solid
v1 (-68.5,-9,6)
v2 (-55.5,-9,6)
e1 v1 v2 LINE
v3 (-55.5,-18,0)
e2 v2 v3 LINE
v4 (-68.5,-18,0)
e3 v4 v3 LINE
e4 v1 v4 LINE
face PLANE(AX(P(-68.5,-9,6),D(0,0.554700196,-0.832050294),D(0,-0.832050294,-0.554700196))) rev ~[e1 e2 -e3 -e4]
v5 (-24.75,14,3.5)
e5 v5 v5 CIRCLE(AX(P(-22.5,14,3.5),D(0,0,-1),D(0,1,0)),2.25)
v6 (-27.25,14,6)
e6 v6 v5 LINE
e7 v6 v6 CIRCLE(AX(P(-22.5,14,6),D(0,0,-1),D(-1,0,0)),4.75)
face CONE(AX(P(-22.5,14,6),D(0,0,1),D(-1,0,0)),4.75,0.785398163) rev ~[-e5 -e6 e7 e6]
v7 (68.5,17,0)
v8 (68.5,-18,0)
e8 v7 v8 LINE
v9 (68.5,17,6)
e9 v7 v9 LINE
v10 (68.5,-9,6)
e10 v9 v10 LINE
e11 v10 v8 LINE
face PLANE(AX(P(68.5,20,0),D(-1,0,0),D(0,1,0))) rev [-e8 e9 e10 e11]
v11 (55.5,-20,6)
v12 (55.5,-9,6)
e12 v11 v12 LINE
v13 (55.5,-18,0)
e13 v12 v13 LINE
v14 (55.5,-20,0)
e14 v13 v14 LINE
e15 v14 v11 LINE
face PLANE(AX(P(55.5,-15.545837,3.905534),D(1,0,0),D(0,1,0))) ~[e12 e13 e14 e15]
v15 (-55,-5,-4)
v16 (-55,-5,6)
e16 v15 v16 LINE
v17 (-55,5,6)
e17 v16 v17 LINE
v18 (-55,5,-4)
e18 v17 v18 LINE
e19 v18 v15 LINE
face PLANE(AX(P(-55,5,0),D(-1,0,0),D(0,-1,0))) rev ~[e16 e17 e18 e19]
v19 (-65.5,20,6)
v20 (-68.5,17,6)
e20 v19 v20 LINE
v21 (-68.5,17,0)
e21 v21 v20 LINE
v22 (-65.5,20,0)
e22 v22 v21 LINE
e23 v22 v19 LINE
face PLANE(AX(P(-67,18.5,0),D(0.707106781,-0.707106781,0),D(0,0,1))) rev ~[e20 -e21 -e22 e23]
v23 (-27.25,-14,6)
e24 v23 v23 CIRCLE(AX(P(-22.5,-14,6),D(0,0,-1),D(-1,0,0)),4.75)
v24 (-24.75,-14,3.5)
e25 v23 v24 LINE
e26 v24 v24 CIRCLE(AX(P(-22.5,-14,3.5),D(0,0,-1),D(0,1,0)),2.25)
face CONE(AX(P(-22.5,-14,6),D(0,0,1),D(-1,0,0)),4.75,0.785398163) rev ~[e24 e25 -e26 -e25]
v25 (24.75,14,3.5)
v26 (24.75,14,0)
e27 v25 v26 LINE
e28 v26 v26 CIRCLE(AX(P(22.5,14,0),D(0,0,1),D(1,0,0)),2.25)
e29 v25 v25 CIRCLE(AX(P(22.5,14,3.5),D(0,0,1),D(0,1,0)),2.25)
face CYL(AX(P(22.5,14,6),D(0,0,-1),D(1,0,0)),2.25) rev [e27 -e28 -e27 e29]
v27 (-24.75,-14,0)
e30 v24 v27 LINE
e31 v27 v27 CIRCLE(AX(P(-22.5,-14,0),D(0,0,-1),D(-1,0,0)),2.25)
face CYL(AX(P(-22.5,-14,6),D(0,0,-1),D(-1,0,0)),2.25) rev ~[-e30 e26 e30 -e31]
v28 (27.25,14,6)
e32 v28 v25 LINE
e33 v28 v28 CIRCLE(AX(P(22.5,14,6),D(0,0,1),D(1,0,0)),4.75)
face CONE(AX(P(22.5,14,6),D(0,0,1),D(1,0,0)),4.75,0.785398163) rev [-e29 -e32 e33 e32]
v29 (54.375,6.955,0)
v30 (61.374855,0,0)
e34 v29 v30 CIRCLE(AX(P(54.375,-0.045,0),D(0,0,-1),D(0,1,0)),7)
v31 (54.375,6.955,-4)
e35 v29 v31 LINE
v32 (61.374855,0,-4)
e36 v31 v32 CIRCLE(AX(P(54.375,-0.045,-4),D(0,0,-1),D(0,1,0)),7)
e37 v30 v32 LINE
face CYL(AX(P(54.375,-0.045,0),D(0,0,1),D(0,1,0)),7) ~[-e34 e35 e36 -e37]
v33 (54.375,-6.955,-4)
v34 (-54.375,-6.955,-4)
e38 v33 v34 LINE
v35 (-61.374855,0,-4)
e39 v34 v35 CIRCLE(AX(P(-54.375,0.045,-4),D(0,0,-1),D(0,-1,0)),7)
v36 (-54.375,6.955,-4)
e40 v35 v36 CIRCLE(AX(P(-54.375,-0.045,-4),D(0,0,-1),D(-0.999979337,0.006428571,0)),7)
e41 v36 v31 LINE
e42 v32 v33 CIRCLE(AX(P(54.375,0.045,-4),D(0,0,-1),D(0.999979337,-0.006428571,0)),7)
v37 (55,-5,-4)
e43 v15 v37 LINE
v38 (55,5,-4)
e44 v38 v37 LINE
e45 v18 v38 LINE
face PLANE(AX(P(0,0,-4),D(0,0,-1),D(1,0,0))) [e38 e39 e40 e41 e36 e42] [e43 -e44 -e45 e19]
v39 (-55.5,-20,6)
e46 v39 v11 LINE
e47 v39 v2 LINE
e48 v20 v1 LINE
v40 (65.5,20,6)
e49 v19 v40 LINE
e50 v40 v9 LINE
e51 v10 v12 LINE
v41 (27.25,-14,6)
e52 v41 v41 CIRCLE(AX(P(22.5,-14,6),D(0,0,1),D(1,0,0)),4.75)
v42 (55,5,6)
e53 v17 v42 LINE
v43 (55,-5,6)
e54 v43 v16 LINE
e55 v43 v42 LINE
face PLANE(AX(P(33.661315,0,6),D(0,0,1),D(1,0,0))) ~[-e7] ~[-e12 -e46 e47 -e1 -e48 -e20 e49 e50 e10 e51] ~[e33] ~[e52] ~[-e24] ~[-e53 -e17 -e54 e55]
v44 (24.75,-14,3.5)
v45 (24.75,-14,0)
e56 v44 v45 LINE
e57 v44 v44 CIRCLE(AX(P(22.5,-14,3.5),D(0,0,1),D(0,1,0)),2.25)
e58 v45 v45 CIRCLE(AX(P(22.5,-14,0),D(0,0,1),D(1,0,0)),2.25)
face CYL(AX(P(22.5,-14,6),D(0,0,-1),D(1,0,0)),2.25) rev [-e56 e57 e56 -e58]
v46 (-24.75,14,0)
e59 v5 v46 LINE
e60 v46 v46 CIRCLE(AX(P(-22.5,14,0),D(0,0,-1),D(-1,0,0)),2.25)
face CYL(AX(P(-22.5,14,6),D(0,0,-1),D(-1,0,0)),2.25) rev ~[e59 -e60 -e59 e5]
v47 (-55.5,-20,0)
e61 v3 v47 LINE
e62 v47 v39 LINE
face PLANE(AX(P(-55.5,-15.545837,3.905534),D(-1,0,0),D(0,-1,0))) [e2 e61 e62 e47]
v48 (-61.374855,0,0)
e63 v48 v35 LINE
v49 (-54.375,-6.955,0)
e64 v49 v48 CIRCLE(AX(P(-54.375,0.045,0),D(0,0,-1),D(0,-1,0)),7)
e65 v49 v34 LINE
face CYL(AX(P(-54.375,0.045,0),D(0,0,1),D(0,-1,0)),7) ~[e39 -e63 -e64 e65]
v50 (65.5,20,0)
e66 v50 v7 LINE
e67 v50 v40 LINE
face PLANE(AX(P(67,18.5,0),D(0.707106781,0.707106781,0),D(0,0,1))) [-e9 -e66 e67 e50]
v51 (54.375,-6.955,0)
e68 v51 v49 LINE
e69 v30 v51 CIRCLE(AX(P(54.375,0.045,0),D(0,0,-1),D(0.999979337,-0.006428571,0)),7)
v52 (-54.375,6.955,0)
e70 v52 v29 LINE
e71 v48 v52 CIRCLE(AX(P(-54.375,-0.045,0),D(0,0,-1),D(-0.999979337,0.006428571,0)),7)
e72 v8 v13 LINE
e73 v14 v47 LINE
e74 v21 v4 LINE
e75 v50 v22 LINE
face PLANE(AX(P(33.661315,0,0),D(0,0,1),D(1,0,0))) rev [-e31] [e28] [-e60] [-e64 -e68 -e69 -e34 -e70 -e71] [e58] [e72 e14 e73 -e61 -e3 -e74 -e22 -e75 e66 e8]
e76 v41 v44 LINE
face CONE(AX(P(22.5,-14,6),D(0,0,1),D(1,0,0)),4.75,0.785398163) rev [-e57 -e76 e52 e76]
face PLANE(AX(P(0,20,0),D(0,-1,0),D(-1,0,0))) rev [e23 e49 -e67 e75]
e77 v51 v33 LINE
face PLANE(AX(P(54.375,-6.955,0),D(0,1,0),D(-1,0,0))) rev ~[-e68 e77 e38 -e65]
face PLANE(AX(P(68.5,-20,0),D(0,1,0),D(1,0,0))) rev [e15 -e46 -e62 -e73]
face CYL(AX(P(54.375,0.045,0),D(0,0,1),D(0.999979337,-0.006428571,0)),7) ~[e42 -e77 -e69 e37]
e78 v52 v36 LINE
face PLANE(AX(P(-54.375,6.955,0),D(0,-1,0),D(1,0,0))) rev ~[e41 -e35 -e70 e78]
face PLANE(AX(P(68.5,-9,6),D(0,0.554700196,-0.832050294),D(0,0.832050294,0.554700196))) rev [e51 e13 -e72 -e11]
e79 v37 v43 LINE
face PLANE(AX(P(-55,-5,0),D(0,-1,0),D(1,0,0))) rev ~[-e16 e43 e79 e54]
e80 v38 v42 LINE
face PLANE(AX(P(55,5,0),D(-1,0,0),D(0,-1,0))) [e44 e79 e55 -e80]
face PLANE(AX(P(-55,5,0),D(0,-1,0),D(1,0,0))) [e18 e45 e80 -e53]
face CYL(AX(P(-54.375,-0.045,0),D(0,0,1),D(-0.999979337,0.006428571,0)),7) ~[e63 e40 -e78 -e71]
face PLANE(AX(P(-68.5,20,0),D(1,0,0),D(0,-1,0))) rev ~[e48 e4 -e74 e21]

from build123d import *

# Parameters (mm, degrees)
F1_DEPTH       = 6
F3_DEPTH       = 13
F5_D           = 4.5
F5_CSINK_D     = 9.5
F5_CSINK_ANGLE = 90
F7_W           = 110
F7_H           = 10
F8_DEPTH       = 4
F9_SIZE        = 3


with BuildPart() as f1:
    # F0 (on Top) → F1 (new body)
    with BuildSketch(Plane.XY):
        Polygon((0, 20), (-68.5, 20), (-68.5, -20), (0, -20), (0, -5), (-55, -5), (-55, 5), (0, 5), align=None)
    extrude(amount=F1_DEPTH)

    # F2 (on face) → F3 (cut)
    with BuildSketch(Plane(origin=(-68.5, 0, 0), x_dir=(0, -1, 0), z_dir=(-1, 0, 0))):
        Polygon((20, 0), (20, 6), (9, 6), (18, 0), align=None)
    extrude(amount=-F3_DEPTH, mode=Mode.SUBTRACT)

    # F5 (through all)
    with Locations(Plane.XY.offset(6)):
        with Locations((-22.5, 14), (-22.5, -14)):
            CounterSinkHole(F5_D / 2, F5_CSINK_D / 2, counter_sink_angle=F5_CSINK_ANGLE)

    # F6: F1 across plane


with BuildPart() as f1_1:
    add(f1.part)
    add(f1.part.mirror(Plane.YZ))

    # F7 (on face) → F8 (join)
    with BuildSketch(Plane(origin=(0, 0, 0), x_dir=(1, 0, 0), z_dir=(0, 0, -1))):
        with BuildLine():
            Line((54.375, 6.955), (-54.375, 6.955))
            ThreePointArc((-54.375, 6.955), (-59.3088119137, 4.9206318833), (-61.3748553556, 0))
            ThreePointArc((-61.3748553556, 0), (-59.3088119137, -4.9206318833), (-54.375, -6.955))
            Line((-54.375, -6.955), (54.375, -6.955))
            ThreePointArc((54.375, -6.955), (59.3088119137, -4.9206318833), (61.3748553556, 0))
            ThreePointArc((61.3748553556, 0), (59.3088119137, 4.9206318833), (54.375, 6.955))
        make_face()
        Rectangle(F7_W, F7_H, mode=Mode.SUBTRACT)
    extrude(amount=F8_DEPTH)

    # F9
    f9_edges = [f1_1.edges().sort_by_distance(p)[0] for p in [
        (-68.5, 20, 3),
        (68.5, 20, 3),
    ]]
    chamfer(f9_edges, length=F9_SIZE)


solid = f1_1.part
